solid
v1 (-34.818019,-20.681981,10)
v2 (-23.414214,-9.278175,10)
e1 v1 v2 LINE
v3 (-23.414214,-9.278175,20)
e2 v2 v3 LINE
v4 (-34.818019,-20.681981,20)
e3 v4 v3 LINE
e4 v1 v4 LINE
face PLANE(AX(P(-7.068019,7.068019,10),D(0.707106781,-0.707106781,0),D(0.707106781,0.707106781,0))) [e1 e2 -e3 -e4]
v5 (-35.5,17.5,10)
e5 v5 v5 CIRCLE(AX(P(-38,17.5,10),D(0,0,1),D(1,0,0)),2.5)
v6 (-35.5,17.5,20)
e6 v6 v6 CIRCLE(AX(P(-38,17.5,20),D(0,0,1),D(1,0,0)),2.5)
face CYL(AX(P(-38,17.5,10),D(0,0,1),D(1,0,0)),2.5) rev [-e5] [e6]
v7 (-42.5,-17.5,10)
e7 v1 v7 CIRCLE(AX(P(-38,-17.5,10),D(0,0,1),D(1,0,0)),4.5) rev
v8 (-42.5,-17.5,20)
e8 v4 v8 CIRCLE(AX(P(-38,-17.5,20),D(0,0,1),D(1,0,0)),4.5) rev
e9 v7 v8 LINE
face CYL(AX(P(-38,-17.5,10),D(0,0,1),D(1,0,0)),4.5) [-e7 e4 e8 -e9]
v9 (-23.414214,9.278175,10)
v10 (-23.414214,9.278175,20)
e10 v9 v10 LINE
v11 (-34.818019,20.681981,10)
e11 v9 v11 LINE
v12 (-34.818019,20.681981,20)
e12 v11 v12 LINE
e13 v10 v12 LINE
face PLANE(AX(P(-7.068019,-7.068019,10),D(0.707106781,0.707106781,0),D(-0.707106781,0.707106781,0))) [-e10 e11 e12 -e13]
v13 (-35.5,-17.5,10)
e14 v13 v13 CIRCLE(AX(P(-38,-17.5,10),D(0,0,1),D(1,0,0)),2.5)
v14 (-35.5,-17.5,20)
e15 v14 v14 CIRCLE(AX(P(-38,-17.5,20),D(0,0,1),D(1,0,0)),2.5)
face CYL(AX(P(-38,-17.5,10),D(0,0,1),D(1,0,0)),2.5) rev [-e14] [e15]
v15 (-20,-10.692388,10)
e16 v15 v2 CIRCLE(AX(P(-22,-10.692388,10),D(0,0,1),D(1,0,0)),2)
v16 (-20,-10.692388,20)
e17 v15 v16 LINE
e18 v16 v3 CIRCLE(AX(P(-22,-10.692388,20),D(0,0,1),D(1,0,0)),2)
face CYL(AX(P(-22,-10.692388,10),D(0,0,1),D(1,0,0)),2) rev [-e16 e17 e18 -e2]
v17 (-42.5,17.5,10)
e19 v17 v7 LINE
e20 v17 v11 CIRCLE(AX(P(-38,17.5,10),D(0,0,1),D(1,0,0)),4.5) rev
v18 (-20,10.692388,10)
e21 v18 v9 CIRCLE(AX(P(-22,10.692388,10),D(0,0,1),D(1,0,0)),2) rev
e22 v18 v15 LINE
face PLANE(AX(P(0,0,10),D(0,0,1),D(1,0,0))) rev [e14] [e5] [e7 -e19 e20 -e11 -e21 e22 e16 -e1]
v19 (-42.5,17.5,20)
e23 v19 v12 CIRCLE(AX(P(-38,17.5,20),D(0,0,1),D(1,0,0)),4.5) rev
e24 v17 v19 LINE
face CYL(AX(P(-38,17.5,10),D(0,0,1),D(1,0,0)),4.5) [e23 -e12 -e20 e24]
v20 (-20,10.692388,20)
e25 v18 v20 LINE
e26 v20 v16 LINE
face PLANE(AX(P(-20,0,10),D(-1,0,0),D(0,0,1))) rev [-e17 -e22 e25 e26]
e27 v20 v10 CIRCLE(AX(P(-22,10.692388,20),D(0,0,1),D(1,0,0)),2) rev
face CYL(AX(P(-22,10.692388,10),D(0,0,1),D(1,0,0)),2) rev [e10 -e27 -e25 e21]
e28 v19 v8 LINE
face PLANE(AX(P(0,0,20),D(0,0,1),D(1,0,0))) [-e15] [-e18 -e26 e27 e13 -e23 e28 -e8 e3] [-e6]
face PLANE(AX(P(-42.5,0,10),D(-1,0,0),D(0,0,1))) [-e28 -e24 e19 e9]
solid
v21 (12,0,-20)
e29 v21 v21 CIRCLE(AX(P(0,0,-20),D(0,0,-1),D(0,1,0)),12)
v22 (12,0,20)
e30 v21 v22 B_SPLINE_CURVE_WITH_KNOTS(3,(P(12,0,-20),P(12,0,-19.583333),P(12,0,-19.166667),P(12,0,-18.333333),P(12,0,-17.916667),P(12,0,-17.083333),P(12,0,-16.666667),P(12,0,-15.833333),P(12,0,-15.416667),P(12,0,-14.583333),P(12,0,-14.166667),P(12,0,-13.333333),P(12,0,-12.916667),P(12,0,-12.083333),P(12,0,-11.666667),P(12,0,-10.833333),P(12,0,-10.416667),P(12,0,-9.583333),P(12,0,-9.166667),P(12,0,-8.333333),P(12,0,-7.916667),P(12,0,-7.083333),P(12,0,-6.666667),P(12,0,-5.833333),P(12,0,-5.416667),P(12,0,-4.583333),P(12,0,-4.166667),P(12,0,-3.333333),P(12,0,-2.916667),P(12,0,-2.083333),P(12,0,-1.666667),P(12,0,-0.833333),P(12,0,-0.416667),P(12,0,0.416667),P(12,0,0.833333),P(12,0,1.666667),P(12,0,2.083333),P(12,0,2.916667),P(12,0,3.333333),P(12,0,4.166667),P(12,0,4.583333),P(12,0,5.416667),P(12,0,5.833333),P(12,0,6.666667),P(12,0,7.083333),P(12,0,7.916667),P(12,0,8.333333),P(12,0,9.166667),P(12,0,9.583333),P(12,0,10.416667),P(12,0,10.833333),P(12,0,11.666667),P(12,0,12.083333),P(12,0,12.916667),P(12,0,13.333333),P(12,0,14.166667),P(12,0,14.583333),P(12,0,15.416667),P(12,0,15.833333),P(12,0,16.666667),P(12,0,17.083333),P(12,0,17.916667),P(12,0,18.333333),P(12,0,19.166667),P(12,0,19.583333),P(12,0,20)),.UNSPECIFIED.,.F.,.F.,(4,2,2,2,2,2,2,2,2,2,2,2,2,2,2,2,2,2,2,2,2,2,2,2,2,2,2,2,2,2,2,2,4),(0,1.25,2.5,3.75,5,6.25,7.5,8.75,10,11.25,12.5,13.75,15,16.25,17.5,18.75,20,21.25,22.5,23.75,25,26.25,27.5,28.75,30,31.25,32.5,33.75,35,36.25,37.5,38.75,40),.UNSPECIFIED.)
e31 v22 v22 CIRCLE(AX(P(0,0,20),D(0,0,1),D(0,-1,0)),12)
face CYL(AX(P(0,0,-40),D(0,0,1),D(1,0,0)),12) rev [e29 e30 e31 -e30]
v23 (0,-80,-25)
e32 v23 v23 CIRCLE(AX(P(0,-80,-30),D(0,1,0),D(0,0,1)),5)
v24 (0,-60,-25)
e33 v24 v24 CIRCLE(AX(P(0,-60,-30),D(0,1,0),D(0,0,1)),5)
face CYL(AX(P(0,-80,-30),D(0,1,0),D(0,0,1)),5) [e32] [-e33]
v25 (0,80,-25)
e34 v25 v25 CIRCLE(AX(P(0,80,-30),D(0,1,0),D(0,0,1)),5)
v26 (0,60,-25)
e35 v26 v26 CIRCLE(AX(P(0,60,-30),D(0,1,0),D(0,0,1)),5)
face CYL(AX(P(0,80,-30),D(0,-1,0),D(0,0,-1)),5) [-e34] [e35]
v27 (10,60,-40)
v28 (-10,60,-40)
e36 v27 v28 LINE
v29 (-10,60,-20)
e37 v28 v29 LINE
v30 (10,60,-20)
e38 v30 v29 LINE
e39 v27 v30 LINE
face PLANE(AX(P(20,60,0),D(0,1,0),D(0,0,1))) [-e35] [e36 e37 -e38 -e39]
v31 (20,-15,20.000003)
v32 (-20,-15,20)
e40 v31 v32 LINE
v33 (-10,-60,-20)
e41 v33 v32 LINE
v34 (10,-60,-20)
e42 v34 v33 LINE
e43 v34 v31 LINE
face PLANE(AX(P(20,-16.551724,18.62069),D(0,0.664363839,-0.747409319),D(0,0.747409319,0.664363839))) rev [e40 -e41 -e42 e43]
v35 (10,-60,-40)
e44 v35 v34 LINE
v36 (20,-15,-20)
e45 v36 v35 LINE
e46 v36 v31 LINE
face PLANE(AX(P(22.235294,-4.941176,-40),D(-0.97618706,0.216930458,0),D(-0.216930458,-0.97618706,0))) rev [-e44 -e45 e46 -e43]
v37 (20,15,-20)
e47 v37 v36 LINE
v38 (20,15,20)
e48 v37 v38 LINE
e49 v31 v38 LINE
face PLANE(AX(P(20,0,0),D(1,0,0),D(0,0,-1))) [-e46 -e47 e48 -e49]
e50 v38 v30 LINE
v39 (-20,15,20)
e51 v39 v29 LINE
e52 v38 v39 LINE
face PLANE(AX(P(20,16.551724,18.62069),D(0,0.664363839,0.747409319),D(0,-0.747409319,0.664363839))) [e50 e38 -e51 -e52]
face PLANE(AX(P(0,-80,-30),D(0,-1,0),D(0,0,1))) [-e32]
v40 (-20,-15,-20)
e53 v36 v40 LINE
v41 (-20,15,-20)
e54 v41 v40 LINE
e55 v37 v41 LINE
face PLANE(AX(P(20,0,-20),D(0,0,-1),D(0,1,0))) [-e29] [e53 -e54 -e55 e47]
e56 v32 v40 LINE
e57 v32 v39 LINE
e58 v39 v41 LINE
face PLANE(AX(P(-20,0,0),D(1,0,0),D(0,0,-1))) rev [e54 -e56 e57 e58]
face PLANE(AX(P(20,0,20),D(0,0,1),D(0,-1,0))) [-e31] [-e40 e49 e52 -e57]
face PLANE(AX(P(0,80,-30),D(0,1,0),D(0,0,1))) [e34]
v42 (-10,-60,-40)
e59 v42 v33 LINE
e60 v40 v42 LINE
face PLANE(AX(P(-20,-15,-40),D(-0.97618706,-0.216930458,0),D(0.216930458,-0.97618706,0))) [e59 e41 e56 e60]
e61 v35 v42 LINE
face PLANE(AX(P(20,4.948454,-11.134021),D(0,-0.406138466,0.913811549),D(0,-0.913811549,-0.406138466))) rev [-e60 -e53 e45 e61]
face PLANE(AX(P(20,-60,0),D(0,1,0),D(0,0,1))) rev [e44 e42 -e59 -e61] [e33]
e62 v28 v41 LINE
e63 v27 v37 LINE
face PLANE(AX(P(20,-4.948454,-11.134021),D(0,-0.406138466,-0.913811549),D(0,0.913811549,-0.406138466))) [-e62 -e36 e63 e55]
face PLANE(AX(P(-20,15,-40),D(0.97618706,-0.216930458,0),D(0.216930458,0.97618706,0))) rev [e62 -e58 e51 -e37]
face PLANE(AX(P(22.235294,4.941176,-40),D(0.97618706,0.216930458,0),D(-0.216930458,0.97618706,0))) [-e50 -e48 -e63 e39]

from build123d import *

# Parameters (mm, degrees)
BOSS_EXTRUDE1_DEPTH     = 20
CUT_EXTRUDE1_DEPTH      = 88.177978871
CUT_EXTRUDE1_DEPTH_BACK = 88.177978871
SKETCH2_R               = 12
SKETCH3_R               = 2.5
BOSS_EXTRUDE2_DEPTH     = 10
SKETCH5_R               = 5
BOSS_EXTRUDE3_DEPTH     = 20
CUT_EXTRUDE2_DEPTH      = 109.656569061


with BuildPart() as part:
    # Sketch1 → Boss-Extrude1 (new, symmetric)
    with BuildSketch(Plane(origin=(0, 0, 0), x_dir=(0, 0, -1), z_dir=(1, 0, 0))):
        Polygon((-20, 0), (20, 0), (20, 15), (40, 60), (20, 60), (-20, 15), align=None)
        Polygon((20, -15), (20, 0), (-20, 0), (-20, -15), (20, -60), (40, -60), align=None)
    extrude(amount=BOSS_EXTRUDE1_DEPTH, both=True)

    # Sketch2 → Cut-Extrude1 (cut, two sides: drawn at the far end of the back side and taken through both)
    with BuildSketch(Plane.XY.offset(20).offset(-CUT_EXTRUDE1_DEPTH_BACK)):
        Circle(SKETCH2_R)
    extrude(amount=CUT_EXTRUDE1_DEPTH + CUT_EXTRUDE1_DEPTH_BACK, mode=Mode.SUBTRACT)

    # Sketch5 → Boss-Extrude3 (add)
    with BuildSketch(Plane(origin=(0, 60, 0), x_dir=(1, 0, 0), z_dir=(0, 1, 0))):
        with Locations(Location((0, 30, 0), (0, 0, 270))):
            Circle(SKETCH5_R)
    boss_extrude3 = extrude(amount=BOSS_EXTRUDE3_DEPTH)

    # Mirror1: Boss-Extrude3 across plane
    add(boss_extrude3.mirror(Plane.ZX))

    # Sketch6 → Cut-Extrude2 (cut, symmetric)
    with BuildSketch(Plane.XY.offset(20)):
        Polygon((20, 15), (20, 60), (10, 60), align=None)
        Polygon((-20, 60), (-20, 15), (-10, 60), align=None)
    cut_extrude2 = extrude(amount=CUT_EXTRUDE2_DEPTH, both=True, mode=Mode.SUBTRACT)

    # Mirror2: Cut-Extrude2 across plane
    add(cut_extrude2.mirror(Plane.ZX), mode=Mode.SUBTRACT)


with BuildPart() as body_2:
    # Sketch3 → Boss-Extrude2 (new body)
    with BuildSketch(Plane.XY.offset(20)):
        with BuildLine():
            ThreePointArc((-20, 10.692388155), (-21.234633135, 8.84462909), (-23.414213562, 9.278174593))
            Line((-23.414213562, 9.278174593), (-34.818019485, 20.681980515))
            ThreePointArc((-34.818019485, 20.681980515), (-39.722075446, 21.657457896), (-42.5, 17.5))
            Line((-42.5, 17.5), (-42.5, -17.5))
            ThreePointArc((-42.5, -17.5), (-39.722075446, -21.657457896), (-34.818019485, -20.681980515))
            Line((-34.818019485, -20.681980515), (-23.414213562, -9.278174593))
            ThreePointArc((-23.414213562, -9.278174593), (-21.234633135, -8.84462909), (-20, -10.692388155))
            Line((-20, -10.692388155), (-20, 10.692388155))
        make_face()
        with Locations((-38, -17.5)):
            Circle(SKETCH3_R, mode=Mode.SUBTRACT)
        with Locations((-38, 17.5)):
            Circle(SKETCH3_R, mode=Mode.SUBTRACT)
    extrude(amount=-BOSS_EXTRUDE2_DEPTH)


solid = Compound([part.part, body_2.part])
